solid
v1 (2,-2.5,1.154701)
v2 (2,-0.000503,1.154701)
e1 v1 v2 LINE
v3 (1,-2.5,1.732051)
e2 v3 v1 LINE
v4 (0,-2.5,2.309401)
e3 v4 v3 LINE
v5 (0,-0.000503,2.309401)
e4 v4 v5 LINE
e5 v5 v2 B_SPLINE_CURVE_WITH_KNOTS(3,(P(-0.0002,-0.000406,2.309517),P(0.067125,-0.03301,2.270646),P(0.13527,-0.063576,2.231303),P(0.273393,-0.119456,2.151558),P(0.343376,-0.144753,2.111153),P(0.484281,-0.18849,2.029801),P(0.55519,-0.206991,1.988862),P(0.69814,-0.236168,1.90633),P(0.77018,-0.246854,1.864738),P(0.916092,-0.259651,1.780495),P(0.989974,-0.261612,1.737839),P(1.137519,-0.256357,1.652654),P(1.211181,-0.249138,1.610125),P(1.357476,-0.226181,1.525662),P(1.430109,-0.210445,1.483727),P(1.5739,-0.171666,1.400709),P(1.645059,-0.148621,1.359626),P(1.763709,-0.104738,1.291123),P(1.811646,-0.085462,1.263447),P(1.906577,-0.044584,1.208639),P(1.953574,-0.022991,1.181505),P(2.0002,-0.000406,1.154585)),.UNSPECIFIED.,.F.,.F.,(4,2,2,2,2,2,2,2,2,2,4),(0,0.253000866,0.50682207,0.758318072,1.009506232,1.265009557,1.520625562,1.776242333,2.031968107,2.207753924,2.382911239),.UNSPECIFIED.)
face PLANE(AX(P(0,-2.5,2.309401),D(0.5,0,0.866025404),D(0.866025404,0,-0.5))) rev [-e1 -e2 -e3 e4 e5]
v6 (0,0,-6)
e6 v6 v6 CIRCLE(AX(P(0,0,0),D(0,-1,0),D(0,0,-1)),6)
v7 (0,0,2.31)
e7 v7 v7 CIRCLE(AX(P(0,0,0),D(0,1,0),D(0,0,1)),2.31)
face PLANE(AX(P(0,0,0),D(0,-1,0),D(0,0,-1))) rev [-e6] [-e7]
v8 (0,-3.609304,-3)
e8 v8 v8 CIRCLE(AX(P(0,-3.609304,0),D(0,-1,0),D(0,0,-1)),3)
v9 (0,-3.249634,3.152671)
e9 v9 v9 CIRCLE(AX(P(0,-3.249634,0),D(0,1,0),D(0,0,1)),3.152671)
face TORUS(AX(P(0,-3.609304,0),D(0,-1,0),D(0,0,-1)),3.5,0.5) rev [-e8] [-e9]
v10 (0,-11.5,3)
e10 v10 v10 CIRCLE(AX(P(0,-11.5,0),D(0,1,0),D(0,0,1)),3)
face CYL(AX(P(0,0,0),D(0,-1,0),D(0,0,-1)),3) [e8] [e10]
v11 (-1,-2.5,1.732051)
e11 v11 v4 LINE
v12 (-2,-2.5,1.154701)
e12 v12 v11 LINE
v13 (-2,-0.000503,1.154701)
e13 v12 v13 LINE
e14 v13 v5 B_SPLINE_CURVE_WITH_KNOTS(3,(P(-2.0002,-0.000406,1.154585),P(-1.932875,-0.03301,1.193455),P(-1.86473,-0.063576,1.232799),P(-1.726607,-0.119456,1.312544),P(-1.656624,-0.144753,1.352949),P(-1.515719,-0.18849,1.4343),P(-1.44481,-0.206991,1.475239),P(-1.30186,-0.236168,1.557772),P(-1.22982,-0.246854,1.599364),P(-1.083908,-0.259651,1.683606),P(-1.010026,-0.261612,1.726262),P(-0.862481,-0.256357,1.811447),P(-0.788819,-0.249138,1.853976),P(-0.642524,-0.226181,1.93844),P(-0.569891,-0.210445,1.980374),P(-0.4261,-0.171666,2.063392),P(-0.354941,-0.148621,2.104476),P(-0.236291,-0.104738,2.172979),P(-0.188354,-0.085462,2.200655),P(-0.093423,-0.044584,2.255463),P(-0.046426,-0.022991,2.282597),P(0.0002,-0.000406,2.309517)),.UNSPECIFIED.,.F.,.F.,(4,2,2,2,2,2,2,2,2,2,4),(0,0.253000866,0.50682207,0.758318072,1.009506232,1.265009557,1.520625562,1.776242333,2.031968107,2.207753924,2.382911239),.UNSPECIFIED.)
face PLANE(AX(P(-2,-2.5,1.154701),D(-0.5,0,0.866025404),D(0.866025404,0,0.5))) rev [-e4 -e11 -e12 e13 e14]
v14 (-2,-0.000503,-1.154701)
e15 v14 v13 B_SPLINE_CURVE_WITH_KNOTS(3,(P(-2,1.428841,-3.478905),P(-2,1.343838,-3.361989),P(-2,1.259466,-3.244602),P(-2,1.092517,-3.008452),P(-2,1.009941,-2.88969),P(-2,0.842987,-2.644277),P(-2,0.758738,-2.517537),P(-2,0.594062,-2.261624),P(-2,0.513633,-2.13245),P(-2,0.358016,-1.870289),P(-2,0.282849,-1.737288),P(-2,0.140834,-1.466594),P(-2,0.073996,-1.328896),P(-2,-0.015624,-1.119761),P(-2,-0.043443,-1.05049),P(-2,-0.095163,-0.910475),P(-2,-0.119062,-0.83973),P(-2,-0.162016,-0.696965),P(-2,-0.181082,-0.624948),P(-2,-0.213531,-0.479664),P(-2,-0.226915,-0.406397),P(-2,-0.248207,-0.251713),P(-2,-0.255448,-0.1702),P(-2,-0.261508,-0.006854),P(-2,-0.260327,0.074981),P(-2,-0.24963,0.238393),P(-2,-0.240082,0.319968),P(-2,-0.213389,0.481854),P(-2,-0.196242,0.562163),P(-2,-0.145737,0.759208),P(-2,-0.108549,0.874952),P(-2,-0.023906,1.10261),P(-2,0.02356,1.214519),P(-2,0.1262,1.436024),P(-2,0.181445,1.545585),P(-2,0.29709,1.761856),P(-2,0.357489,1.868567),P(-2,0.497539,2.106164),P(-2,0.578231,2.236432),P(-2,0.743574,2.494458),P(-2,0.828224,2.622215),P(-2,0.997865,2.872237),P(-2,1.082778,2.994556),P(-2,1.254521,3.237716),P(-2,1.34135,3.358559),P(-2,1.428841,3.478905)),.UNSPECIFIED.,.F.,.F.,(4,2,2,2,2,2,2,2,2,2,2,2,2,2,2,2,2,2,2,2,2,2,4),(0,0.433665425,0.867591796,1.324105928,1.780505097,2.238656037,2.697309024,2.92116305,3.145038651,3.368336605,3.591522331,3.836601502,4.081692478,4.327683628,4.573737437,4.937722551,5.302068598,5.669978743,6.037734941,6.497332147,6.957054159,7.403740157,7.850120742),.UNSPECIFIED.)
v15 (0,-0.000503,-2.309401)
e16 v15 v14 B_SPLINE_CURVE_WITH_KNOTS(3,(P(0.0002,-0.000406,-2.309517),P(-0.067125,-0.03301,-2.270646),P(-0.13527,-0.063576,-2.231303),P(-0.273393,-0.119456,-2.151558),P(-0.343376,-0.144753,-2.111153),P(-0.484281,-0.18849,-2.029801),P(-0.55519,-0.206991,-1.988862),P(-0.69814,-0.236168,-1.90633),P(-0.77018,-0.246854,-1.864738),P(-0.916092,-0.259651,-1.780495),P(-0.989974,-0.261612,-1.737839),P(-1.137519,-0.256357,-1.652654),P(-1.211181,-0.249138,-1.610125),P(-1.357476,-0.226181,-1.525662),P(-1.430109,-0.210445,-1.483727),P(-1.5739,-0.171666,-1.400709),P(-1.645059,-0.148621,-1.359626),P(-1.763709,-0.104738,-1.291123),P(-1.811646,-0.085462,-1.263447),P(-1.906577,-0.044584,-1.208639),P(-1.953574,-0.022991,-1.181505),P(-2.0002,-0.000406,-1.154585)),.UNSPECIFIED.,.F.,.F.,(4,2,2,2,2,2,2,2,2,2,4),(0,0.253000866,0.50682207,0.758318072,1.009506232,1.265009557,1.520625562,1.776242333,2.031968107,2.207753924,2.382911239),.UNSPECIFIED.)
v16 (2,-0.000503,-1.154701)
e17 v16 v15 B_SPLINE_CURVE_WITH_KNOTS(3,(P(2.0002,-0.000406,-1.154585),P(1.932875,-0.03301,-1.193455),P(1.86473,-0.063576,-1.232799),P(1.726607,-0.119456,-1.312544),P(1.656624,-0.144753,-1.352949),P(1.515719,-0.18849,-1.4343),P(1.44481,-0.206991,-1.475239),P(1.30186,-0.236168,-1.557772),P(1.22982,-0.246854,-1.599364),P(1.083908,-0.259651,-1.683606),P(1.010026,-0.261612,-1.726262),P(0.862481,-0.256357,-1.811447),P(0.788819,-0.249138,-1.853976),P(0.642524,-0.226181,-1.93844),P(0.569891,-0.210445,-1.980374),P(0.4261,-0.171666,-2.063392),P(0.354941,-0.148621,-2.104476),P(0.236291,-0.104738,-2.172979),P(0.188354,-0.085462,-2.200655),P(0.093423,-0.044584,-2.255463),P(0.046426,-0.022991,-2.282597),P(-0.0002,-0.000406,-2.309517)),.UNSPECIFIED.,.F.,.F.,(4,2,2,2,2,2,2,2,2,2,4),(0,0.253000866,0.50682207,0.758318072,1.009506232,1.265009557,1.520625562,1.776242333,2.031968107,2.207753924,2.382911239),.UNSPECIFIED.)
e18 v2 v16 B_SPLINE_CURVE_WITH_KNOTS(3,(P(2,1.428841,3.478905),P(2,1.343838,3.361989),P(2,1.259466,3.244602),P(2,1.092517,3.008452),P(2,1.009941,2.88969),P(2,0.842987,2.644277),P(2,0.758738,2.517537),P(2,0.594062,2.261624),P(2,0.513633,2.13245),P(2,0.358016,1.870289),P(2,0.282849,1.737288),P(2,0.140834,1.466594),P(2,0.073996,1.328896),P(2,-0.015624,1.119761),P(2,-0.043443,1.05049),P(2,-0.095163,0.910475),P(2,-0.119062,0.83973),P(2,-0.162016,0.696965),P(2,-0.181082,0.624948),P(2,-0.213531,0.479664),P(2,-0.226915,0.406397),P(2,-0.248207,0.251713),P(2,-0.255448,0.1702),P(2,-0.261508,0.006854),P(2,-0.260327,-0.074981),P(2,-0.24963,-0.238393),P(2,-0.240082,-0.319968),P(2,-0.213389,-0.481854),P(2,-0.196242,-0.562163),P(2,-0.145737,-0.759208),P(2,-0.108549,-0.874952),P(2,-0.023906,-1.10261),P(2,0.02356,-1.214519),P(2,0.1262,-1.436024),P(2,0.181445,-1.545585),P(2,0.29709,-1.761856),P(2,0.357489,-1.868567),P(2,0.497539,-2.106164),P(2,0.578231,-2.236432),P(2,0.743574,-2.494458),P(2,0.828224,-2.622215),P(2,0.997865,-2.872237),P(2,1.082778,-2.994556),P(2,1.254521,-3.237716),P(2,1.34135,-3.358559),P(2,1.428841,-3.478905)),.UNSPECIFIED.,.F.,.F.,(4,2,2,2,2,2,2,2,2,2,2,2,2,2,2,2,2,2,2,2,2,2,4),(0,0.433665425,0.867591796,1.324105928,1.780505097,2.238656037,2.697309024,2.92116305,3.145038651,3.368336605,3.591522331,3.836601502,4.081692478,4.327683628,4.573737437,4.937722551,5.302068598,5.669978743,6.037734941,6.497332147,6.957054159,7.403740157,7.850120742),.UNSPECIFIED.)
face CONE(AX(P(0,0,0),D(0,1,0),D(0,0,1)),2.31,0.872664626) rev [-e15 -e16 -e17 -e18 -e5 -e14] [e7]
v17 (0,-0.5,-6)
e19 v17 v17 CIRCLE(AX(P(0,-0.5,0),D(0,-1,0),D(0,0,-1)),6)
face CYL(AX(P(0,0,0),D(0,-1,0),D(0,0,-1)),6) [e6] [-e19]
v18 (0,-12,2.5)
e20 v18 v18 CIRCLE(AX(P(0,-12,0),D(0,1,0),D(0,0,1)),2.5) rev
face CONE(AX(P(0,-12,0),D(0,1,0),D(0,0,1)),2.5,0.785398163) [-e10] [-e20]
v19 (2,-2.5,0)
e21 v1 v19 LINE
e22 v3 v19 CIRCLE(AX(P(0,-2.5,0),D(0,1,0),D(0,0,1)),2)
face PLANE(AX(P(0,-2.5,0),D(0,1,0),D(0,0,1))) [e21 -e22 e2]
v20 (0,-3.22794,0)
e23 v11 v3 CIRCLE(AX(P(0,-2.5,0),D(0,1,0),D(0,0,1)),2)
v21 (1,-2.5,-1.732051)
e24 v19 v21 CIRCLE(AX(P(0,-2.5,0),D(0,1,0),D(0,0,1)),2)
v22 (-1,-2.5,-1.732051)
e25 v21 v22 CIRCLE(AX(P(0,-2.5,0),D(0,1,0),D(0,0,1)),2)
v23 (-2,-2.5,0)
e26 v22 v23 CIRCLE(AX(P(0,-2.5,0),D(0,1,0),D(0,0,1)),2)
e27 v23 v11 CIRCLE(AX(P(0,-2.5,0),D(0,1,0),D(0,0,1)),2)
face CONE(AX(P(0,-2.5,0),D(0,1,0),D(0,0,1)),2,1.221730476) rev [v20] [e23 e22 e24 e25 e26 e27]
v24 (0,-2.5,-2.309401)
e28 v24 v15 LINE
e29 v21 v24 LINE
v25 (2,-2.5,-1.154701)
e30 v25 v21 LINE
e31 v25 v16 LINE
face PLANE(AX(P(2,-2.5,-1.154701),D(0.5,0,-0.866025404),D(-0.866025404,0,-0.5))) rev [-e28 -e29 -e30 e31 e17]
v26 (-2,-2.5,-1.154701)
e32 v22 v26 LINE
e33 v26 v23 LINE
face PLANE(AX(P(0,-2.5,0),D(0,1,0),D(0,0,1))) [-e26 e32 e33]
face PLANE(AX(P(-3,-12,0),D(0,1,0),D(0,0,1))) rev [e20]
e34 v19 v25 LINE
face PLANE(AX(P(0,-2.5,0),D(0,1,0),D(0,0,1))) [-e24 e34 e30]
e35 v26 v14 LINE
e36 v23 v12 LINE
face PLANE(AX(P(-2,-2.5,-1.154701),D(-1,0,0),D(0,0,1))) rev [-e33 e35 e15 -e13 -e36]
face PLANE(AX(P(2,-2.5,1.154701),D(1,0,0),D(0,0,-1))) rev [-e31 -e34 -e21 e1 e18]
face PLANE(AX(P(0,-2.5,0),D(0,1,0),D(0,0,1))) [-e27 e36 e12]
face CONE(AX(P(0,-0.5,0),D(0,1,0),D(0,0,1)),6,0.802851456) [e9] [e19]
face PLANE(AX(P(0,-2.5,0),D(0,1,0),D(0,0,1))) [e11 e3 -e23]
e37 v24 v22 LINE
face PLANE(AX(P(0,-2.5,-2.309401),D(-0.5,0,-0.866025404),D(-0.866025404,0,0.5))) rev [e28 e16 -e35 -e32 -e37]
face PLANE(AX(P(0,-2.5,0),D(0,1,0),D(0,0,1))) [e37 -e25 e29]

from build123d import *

# Parameters (mm, degrees)
CUT_EXTRUDE1_DEPTH = 2.5
FILLET1_R          = 0.5
CHAMFER1_SIZE      = 0.5


with BuildPart() as part:
    # Sketch1 → Revolve1 (revolve)
    with BuildSketch(Plane.XY, mode=Mode.PRIVATE) as revolve1_sk:
        Polygon((0, 0), (-6, 0), (-6, -0.5), (-3, -3.397066324), (-3, -12), (0, -12), align=None)
    revolve(revolve1_sk.sketch.rotate(Axis((0, 0, 0), (0, 1, 0)), 270), axis=Axis((0, 0, 0), (0, 1, 0)))

    # Sketch2 → Cut-Extrude1 (cut)
    with BuildSketch(Plane(origin=(0, 0, 0), x_dir=(1, 0, 0), z_dir=(0, 1, 0))):
        Polygon((0, 2.309401077), (-2, 1.154700538), (-2, -1.154700538), (0, -2.309401077), (2, -1.154700538), (2, 1.154700538), align=None)
    extrude(amount=-CUT_EXTRUDE1_DEPTH, mode=Mode.SUBTRACT)

    # Sketch3 → Cut-Revolve1 (revolve, cut)
    with BuildSketch(Plane.XY, mode=Mode.PRIVATE) as cut_revolve1_sk:
        Polygon((-2.31, 0), (-2, -0.260120886), (-2, -2.5), (0, -3.227940469), (0, 0), align=None)
    revolve(cut_revolve1_sk.sketch.rotate(Axis((0, -3.227940469, 0), (0, -1, 0)), 270), axis=Axis((0, -3.227940469, 0), (0, -1, 0)), mode=Mode.SUBTRACT)

    # Fillet1
    fillet1_edges = [part.edges().sort_by_distance(p)[0] for p in [
        (0, -3.397066324, 3),
    ]]
    fillet(fillet1_edges, radius=FILLET1_R)

    # Chamfer1
    chamfer1_edges = [part.edges().sort_by_distance(p)[0] for p in [
        (0, -12, 3),
    ]]
    chamfer(chamfer1_edges, length=CHAMFER1_SIZE)


solid = part.part
